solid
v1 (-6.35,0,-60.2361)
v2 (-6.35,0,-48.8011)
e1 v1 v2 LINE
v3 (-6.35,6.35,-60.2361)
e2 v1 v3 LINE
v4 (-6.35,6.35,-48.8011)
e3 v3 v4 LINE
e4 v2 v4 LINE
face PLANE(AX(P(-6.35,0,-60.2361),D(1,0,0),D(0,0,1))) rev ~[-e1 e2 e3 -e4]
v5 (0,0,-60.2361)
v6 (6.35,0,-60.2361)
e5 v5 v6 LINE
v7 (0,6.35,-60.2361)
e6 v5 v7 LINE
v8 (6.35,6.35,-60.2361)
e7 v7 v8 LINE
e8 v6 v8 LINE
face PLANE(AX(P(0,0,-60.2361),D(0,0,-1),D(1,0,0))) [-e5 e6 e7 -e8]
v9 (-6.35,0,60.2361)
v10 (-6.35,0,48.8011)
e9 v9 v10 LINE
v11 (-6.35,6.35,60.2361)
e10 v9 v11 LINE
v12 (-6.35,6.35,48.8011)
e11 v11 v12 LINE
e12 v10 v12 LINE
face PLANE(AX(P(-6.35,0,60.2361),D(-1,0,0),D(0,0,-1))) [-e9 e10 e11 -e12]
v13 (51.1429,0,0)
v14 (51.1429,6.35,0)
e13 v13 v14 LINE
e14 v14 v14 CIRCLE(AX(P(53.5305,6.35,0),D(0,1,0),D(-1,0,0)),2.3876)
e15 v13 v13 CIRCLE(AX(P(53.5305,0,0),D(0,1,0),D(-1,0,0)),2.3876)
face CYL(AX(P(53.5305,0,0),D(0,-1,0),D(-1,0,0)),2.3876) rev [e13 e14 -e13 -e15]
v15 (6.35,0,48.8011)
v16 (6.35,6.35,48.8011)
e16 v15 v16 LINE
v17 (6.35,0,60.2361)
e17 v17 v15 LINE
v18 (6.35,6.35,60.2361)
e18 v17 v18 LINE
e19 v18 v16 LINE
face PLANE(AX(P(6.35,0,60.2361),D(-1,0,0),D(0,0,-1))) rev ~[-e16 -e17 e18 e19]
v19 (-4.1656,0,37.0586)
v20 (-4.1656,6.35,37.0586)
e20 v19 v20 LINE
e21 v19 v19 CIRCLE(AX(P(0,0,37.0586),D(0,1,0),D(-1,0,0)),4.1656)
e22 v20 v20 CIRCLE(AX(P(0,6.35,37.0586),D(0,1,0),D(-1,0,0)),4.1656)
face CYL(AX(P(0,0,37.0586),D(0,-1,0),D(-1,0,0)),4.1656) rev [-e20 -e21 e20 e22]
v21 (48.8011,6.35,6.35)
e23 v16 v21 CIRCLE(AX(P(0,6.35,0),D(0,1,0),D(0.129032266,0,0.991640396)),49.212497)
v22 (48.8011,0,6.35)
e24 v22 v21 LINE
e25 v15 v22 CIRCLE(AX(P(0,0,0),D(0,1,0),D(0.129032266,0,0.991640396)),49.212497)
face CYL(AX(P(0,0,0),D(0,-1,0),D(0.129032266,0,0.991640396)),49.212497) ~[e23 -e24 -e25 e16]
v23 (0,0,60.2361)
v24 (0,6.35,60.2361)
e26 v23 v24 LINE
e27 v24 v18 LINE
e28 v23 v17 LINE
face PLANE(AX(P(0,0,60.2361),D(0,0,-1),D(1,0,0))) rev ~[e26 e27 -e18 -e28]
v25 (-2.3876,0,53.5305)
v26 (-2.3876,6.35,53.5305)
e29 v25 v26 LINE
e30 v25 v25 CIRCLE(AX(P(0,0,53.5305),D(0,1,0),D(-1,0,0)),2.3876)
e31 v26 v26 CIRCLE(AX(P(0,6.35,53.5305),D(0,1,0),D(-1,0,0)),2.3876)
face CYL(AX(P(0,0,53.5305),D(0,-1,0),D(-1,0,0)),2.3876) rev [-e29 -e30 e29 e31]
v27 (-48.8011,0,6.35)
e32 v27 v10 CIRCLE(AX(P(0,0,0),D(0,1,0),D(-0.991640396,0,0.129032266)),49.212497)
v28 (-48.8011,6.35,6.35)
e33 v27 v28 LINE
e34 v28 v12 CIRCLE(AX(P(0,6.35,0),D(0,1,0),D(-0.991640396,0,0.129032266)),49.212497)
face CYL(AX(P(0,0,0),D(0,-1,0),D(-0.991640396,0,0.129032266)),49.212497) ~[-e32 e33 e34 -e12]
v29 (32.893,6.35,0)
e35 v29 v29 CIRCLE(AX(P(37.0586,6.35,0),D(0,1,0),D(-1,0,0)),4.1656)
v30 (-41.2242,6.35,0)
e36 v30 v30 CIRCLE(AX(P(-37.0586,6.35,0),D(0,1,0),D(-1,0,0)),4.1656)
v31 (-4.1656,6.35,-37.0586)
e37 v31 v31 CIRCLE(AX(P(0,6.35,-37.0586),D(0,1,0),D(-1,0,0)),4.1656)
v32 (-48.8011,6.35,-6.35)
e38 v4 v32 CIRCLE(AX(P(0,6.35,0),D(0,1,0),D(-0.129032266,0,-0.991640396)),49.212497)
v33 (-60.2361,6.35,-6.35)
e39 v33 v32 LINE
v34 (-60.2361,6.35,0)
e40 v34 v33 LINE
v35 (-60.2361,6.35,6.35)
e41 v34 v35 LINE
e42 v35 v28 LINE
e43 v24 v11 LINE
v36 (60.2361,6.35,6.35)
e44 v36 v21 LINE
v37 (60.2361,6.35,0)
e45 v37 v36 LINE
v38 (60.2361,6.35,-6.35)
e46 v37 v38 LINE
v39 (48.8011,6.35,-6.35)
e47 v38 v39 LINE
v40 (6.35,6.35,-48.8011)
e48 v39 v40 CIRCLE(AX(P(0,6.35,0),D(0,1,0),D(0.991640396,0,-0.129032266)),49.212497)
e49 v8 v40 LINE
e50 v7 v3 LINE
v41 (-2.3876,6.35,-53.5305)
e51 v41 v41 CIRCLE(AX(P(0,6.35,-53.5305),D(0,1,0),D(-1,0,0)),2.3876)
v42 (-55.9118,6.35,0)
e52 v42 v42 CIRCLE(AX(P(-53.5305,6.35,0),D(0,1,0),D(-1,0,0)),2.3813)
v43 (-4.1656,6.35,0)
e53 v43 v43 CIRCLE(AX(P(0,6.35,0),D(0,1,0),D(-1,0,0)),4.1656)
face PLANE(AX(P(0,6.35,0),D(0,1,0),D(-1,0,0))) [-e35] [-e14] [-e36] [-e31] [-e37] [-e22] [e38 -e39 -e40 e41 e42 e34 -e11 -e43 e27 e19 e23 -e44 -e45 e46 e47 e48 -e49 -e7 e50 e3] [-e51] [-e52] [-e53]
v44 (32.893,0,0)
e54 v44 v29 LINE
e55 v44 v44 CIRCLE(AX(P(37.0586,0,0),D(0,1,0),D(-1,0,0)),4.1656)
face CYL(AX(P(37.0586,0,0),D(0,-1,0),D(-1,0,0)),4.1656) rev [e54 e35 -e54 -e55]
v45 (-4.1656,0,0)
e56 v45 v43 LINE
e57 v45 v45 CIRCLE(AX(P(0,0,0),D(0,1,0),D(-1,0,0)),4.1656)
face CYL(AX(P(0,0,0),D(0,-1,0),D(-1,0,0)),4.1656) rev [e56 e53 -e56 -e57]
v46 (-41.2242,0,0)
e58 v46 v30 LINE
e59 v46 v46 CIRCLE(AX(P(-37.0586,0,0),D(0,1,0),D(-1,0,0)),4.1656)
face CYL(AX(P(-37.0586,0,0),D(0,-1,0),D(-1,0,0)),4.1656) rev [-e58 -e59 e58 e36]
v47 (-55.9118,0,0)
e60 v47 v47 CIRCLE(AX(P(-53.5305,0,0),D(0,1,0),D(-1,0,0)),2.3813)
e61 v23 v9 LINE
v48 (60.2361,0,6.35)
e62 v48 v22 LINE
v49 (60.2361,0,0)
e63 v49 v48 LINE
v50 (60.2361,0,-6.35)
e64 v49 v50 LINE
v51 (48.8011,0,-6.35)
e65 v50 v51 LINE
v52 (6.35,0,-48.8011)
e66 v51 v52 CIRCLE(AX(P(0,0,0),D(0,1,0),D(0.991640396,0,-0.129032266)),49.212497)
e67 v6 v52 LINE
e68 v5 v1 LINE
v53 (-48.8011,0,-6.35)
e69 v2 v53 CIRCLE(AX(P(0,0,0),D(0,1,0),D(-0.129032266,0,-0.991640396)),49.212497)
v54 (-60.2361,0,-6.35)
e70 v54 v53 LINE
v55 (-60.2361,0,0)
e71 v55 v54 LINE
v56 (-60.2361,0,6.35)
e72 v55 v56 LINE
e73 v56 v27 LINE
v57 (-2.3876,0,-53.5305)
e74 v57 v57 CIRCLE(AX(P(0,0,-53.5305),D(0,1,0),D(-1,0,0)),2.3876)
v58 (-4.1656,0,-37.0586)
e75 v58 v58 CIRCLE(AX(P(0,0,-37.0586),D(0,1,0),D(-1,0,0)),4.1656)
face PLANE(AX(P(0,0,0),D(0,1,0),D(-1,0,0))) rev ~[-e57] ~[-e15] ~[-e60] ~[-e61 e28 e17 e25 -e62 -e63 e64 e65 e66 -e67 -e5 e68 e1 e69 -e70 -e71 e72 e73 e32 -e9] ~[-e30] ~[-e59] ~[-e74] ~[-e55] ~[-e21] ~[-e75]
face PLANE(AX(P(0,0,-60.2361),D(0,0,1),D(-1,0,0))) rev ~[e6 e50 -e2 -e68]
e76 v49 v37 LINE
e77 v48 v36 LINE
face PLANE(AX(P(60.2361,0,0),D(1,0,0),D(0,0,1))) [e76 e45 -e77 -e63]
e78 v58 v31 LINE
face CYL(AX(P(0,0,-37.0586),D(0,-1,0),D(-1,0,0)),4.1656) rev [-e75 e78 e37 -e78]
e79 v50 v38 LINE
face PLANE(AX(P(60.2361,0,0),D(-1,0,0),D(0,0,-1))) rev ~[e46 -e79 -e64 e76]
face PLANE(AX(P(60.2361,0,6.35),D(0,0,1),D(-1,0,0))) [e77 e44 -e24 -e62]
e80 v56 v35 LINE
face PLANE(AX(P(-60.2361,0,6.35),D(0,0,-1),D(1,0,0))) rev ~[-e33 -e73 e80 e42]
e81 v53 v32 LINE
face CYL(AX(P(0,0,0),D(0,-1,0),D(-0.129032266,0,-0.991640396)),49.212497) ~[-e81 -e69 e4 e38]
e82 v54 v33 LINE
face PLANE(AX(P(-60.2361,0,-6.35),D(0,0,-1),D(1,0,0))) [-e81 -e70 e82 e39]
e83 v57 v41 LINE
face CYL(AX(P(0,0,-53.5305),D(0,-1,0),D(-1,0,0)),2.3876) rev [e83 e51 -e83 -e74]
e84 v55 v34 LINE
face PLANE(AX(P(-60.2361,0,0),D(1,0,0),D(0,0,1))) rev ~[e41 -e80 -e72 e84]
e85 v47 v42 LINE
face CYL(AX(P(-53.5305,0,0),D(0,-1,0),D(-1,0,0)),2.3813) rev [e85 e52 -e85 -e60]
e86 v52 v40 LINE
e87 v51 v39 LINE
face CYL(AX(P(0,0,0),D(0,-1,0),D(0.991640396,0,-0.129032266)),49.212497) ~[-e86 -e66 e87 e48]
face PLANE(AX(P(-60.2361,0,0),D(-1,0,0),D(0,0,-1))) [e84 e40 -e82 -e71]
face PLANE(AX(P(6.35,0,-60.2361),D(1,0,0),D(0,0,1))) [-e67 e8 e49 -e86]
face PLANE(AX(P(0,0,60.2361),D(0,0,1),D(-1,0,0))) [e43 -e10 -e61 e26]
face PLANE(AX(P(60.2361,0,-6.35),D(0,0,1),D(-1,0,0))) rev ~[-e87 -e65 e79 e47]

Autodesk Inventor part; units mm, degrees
ref_plane "YZ Plane" through (0, 0, 0) normal (1, 0, 0) x (0, 1, 0)
ref_plane "XZ Plane" through (0, 0, 0) normal (0, 1, 0) x (-1, 0, 0)
ref_plane "XY Plane" through (0, 0, 0) normal (0, 0, 1) x (1, 0, 0)
sketch "Sketch1" plane through (0, 0, 0) normal (0, 1, 0) x (-1, 0, 0)
  circle A0 centre (53.5305, 0) radius 2.3813
  circle A1 centre (0, -53.5305) radius 2.3876
  circle A2 centre (-53.5305, 0) radius 2.3876
  circle A3 centre (0, 53.5305) radius 2.3876
  line L0 (0, 60.2361) -> (-6.35, 60.2361)
  line L1 (-6.35, 60.2361) -> (6.35, 60.2361)
  line L2 (6.35, 60.2361) -> (6.35, 48.8011)
  line L3 (-6.35, 60.2361) -> (-6.35, 48.8011)
  line L4 (-60.2361, 0) -> (-60.2361, -6.35)
  line L5 (-60.2361, -6.35) -> (-60.2361, 6.35)
  line L6 (-60.2361, 6.35) -> (-48.8011, 6.35)
  line L7 (-60.2361, -6.35) -> (-48.8011, -6.35)
  line L8 (0, -60.2361) -> (-6.35, -60.2361)
  line L9 (-6.35, -60.2361) -> (6.35, -60.2361)
  line L10 (6.35, -60.2361) -> (6.35, -48.8011)
  line L11 (-6.35, -60.2361) -> (-6.35, -48.8011)
  line L12 (60.2361, 0) -> (60.2361, -6.35)
  line L13 (60.2361, -6.35) -> (60.2361, 6.35)
  line L14 (60.2361, 6.35) -> (48.8011, 6.35)
  line L15 (60.2361, -6.35) -> (48.8011, -6.35)
  arc A4 (6.35, -48.8011) -> (48.8011, -6.35) centre (0, 0) ccw
  arc A5 (-48.8011, -6.35) -> (-6.35, -48.8011) centre (0, 0) ccw
  arc A6 (48.8011, 6.35) -> (6.35, 48.8011) centre (0, 0) ccw
  arc A7 (-6.35, 48.8011) -> (-48.8011, 6.35) centre (0, 0) ccw
  circle A8 centre (0, 0) radius 4.1656
  circle A9 centre (-37.0586, 0) radius 4.1656
  circle A10 centre (0, 37.0586) radius 4.1656
  circle A11 centre (37.0586, 0) radius 4.1656
  circle A12 centre (0, -37.0586) radius 4.1656
  dimension "d6" = 4.7625
  dimension "d7" = 4.7752
  dimension "d8" = 4.7752
  dimension "d9" = 4.7752
  dimension "d11" = 6.7056
  dimension "d12" = 6.7056
  dimension "d13" = 6.7056
  dimension "d14" = 6.7056
  dimension "d15" = 6.35
  dimension "d16" = 12.7
  dimension "d17" = 6.35
  dimension "d18" = 12.7
  dimension "d19" = 6.35
  dimension "d20" = 12.7
  dimension "d21" = 6.35
  dimension "d22" = 12.7
  dimension "d23" = 8.3312
  dimension "d29" = 8.3312
  dimension "d30" = 8.3312
  dimension "d31" = 8.3312
  dimension "d32" = 8.3312
extrude "Extrusion1" add sketch "Sketch1" along normal blind 6.35
properties part number "Rotating Base mount"
